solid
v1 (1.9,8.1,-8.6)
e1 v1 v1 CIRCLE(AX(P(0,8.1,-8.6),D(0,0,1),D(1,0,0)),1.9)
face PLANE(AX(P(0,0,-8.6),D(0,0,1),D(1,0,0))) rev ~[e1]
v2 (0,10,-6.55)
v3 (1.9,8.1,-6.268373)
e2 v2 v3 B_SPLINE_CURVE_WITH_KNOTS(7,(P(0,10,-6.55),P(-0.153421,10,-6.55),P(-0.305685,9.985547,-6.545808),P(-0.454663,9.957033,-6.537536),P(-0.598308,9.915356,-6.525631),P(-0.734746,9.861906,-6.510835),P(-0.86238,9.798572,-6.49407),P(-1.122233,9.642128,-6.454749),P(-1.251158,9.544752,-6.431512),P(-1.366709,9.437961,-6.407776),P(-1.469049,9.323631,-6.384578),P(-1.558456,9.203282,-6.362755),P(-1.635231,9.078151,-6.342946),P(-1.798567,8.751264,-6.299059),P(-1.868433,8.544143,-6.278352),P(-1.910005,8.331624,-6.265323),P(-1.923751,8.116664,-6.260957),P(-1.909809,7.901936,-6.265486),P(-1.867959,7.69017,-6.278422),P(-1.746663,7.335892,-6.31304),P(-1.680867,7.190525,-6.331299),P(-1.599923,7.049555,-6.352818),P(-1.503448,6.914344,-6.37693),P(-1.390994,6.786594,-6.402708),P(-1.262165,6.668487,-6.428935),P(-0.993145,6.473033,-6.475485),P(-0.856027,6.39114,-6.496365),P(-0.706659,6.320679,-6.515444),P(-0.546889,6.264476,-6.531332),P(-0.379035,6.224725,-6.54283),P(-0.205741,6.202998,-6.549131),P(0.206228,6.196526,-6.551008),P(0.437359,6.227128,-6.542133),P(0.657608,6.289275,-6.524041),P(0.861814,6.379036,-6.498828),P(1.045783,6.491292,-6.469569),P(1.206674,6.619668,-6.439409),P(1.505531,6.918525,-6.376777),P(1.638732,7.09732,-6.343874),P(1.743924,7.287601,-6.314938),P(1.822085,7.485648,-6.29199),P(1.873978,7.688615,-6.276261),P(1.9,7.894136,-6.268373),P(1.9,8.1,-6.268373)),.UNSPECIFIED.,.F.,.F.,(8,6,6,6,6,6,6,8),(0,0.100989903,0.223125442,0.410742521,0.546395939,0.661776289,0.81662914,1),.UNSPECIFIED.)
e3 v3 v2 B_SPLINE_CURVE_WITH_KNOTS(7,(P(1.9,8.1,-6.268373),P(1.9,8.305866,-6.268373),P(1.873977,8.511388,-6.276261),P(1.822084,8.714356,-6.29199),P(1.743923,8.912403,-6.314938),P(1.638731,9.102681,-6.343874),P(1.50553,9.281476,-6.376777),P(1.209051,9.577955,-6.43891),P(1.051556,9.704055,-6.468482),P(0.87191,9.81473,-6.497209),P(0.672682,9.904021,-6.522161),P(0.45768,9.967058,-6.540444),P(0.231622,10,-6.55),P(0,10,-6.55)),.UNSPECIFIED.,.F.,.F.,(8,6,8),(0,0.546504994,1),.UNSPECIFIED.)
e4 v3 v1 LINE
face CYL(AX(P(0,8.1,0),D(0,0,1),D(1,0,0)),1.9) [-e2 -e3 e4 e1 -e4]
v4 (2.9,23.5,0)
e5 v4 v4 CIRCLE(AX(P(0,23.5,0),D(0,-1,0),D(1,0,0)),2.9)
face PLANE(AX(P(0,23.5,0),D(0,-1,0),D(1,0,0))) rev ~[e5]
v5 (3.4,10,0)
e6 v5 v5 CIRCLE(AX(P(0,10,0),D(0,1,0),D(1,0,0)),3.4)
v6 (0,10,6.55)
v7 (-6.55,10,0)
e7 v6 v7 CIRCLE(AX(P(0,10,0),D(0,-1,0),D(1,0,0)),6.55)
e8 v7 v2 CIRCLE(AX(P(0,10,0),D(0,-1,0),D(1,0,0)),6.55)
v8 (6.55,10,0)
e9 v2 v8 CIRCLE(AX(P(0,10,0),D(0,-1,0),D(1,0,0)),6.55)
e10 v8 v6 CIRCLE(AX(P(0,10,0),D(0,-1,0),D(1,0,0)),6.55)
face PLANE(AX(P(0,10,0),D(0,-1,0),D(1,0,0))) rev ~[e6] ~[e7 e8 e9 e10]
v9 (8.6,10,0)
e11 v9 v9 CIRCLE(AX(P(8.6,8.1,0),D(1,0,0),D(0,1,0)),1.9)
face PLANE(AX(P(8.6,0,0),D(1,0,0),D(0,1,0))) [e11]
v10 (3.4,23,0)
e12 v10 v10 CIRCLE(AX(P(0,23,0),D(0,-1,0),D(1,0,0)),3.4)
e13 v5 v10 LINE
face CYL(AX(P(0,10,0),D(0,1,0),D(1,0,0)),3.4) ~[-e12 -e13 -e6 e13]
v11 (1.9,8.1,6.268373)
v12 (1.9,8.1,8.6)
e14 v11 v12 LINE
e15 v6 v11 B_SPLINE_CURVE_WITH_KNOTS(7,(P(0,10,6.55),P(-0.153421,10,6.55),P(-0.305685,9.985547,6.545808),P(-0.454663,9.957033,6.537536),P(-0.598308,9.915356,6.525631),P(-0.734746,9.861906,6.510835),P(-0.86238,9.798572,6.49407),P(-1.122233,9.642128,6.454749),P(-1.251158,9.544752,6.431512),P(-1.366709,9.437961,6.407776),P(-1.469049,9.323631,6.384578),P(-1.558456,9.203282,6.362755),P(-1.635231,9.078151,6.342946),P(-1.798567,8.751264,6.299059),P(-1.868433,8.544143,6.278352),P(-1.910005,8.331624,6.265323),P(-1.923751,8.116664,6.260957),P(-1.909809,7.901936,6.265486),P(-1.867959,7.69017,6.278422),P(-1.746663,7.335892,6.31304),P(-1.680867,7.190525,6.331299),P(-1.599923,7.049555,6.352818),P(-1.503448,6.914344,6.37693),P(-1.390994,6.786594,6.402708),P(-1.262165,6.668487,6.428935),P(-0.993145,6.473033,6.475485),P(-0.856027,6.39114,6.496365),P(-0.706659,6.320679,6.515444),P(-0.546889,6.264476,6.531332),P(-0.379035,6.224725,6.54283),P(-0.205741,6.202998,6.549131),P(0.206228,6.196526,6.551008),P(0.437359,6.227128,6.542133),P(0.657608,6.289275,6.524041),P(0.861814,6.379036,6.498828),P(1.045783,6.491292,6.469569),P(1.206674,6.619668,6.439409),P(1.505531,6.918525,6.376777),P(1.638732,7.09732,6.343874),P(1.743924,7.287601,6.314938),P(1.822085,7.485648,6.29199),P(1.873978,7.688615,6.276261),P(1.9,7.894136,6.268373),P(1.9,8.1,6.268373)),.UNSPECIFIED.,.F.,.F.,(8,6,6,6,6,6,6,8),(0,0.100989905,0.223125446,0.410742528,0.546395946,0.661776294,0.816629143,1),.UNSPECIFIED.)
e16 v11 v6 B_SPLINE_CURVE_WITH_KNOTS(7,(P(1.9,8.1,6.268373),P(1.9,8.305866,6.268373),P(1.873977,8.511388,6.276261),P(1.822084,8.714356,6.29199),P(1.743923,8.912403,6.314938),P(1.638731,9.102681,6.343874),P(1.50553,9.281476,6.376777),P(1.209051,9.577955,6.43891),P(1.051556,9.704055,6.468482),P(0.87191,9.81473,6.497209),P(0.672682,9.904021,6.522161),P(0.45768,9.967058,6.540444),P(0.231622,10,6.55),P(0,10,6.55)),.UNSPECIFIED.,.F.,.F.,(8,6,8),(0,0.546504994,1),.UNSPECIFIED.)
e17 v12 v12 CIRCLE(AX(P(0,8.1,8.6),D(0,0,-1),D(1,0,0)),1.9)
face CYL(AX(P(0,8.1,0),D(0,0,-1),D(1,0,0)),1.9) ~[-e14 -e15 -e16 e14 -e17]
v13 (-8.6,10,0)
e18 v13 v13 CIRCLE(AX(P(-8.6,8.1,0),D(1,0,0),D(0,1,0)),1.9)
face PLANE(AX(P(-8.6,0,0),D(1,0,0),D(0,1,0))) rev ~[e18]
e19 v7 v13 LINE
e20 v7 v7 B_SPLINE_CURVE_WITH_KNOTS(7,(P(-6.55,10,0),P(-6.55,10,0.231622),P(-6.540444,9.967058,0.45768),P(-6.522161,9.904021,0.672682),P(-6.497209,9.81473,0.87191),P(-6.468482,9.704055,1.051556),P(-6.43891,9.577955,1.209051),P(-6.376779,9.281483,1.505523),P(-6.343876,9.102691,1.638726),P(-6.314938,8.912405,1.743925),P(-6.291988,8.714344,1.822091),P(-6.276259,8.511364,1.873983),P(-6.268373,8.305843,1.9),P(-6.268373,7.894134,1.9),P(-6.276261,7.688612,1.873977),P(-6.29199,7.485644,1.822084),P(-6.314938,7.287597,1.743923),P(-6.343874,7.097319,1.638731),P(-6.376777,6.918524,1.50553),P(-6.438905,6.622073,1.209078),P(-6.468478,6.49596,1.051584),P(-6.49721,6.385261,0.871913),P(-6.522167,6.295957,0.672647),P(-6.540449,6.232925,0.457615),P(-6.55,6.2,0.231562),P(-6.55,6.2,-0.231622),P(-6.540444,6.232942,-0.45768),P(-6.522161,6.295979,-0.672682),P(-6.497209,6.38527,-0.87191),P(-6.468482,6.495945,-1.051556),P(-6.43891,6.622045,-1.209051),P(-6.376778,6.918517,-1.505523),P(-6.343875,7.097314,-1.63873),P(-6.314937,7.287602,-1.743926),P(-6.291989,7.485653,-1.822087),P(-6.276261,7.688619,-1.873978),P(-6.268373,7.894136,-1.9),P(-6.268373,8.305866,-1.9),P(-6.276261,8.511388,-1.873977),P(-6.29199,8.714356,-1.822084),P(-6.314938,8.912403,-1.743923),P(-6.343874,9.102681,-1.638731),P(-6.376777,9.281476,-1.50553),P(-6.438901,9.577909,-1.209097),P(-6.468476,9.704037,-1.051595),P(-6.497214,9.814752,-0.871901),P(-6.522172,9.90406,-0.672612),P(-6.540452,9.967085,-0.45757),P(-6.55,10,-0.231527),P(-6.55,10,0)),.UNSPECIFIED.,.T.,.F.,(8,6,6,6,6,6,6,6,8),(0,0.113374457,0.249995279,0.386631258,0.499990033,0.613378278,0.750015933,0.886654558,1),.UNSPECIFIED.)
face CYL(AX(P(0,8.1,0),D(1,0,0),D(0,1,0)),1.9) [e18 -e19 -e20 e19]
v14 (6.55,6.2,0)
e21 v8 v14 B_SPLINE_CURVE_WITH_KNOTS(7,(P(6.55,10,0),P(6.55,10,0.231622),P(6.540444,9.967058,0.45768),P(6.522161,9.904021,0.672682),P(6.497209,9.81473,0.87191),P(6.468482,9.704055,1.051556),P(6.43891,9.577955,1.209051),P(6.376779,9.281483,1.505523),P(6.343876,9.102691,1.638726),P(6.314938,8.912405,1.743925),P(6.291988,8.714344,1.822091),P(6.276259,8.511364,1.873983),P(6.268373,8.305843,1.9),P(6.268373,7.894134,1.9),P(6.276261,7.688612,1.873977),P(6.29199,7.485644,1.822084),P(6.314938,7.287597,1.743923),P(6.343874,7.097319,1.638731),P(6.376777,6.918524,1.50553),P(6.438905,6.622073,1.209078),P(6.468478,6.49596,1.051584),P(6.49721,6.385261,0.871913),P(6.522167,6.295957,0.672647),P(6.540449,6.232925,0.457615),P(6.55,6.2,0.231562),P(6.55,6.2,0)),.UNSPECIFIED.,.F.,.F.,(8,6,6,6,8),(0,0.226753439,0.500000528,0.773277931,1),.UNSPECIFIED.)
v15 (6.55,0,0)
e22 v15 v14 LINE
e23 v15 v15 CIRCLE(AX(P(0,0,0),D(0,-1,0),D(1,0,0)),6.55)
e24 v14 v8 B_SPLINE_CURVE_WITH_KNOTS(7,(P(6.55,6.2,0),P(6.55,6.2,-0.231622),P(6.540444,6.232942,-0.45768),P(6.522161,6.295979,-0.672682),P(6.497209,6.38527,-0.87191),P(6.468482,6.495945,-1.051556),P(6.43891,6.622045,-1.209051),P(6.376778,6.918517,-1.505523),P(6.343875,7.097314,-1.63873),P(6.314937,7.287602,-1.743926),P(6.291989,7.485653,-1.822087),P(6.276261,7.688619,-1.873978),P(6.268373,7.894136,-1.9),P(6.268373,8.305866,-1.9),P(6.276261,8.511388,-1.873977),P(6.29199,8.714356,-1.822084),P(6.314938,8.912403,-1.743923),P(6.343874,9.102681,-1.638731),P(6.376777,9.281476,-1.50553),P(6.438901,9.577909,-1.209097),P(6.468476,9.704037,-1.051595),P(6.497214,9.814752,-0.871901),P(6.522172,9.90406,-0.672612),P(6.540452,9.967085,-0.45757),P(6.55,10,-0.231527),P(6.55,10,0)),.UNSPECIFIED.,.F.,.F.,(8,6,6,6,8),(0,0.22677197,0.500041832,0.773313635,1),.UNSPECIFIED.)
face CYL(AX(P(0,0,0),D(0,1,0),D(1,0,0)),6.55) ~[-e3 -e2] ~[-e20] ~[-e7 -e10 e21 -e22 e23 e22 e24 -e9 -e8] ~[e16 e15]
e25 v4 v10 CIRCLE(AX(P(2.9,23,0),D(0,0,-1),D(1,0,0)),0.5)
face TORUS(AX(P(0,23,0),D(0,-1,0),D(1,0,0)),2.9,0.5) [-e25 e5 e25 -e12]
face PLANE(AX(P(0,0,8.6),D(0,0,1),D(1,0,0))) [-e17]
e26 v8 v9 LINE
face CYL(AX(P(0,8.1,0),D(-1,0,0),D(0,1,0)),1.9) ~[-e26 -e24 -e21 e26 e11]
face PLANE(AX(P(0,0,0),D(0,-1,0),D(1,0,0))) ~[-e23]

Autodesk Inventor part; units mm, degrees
ref_plane "YZ Plane" through (0, 0, 0) normal (1, 0, 0) x (0, 1, 0)
ref_plane "XZ Plane" through (0, 0, 0) normal (0, 1, 0) x (-1, 0, 0)
ref_plane "XY Plane" through (0, 0, 0) normal (0, 0, 1) x (1, 0, 0)
sketch "Esboço1" plane through (0, 0, 0) normal (0, 0, 1) x (1, 0, 0)
  line L0 (0, 0) -> (6.55, 0)
  line L1 (6.55, 0) -> (6.55, 10)
  line L2 (6.55, 10) -> (3.4, 10)
  line L3 (3.4, 10) -> (3.4, 23.5)
  line L4 (3.4, 23.5) -> (0, 23.5)
  line L5 (0, 23.5) -> (0, 0)
  dimension "d0" = 6.55
  dimension "d1" = 10
  dimension "d3" = 13.5
  dimension "d14" = 3.4
revolve "Revolução1" add sketch "Esboço1" angle 360 about axis through (0, 23.5, 0) along (0, -1, 0)
sketch "Esboço2" plane through (0, 0, 0) normal (0, 0, 1) x (1, 0, 0)
  line L0 (-6.55, 10) -> (6.55, 10) projected
  line L1 (0, 10) -> (0, 8.1)
  circle A0 centre (0, 8.1) radius 1.9
  point P0 (0, 0)
  dimension "d11" = 3.8
  dimension "d5" = 1.9
extrude "Extrusão1" add sketch "Esboço2" along normal mid plane 17.2
sketch "Esboço3" plane through (0, 0, 0) normal (1, 0, 0) x (0, 1, 0)
  line L0 (10, 3.4) -> (10, -3.4) projected
  line L1 (10, 0) -> (8.1, 0)
  circle A0 centre (8.1, 0) radius 1.9
  point P0 (0, 0)
  dimension "d8" = 1.9
extrude "Extrusão2" add sketch "Esboço3" along normal mid plane 17.2
fillet "Arredondamento2" radius 0.5 1 edges at (-3.4, 23.5, 0)
properties part number "botao_3DPrint"
